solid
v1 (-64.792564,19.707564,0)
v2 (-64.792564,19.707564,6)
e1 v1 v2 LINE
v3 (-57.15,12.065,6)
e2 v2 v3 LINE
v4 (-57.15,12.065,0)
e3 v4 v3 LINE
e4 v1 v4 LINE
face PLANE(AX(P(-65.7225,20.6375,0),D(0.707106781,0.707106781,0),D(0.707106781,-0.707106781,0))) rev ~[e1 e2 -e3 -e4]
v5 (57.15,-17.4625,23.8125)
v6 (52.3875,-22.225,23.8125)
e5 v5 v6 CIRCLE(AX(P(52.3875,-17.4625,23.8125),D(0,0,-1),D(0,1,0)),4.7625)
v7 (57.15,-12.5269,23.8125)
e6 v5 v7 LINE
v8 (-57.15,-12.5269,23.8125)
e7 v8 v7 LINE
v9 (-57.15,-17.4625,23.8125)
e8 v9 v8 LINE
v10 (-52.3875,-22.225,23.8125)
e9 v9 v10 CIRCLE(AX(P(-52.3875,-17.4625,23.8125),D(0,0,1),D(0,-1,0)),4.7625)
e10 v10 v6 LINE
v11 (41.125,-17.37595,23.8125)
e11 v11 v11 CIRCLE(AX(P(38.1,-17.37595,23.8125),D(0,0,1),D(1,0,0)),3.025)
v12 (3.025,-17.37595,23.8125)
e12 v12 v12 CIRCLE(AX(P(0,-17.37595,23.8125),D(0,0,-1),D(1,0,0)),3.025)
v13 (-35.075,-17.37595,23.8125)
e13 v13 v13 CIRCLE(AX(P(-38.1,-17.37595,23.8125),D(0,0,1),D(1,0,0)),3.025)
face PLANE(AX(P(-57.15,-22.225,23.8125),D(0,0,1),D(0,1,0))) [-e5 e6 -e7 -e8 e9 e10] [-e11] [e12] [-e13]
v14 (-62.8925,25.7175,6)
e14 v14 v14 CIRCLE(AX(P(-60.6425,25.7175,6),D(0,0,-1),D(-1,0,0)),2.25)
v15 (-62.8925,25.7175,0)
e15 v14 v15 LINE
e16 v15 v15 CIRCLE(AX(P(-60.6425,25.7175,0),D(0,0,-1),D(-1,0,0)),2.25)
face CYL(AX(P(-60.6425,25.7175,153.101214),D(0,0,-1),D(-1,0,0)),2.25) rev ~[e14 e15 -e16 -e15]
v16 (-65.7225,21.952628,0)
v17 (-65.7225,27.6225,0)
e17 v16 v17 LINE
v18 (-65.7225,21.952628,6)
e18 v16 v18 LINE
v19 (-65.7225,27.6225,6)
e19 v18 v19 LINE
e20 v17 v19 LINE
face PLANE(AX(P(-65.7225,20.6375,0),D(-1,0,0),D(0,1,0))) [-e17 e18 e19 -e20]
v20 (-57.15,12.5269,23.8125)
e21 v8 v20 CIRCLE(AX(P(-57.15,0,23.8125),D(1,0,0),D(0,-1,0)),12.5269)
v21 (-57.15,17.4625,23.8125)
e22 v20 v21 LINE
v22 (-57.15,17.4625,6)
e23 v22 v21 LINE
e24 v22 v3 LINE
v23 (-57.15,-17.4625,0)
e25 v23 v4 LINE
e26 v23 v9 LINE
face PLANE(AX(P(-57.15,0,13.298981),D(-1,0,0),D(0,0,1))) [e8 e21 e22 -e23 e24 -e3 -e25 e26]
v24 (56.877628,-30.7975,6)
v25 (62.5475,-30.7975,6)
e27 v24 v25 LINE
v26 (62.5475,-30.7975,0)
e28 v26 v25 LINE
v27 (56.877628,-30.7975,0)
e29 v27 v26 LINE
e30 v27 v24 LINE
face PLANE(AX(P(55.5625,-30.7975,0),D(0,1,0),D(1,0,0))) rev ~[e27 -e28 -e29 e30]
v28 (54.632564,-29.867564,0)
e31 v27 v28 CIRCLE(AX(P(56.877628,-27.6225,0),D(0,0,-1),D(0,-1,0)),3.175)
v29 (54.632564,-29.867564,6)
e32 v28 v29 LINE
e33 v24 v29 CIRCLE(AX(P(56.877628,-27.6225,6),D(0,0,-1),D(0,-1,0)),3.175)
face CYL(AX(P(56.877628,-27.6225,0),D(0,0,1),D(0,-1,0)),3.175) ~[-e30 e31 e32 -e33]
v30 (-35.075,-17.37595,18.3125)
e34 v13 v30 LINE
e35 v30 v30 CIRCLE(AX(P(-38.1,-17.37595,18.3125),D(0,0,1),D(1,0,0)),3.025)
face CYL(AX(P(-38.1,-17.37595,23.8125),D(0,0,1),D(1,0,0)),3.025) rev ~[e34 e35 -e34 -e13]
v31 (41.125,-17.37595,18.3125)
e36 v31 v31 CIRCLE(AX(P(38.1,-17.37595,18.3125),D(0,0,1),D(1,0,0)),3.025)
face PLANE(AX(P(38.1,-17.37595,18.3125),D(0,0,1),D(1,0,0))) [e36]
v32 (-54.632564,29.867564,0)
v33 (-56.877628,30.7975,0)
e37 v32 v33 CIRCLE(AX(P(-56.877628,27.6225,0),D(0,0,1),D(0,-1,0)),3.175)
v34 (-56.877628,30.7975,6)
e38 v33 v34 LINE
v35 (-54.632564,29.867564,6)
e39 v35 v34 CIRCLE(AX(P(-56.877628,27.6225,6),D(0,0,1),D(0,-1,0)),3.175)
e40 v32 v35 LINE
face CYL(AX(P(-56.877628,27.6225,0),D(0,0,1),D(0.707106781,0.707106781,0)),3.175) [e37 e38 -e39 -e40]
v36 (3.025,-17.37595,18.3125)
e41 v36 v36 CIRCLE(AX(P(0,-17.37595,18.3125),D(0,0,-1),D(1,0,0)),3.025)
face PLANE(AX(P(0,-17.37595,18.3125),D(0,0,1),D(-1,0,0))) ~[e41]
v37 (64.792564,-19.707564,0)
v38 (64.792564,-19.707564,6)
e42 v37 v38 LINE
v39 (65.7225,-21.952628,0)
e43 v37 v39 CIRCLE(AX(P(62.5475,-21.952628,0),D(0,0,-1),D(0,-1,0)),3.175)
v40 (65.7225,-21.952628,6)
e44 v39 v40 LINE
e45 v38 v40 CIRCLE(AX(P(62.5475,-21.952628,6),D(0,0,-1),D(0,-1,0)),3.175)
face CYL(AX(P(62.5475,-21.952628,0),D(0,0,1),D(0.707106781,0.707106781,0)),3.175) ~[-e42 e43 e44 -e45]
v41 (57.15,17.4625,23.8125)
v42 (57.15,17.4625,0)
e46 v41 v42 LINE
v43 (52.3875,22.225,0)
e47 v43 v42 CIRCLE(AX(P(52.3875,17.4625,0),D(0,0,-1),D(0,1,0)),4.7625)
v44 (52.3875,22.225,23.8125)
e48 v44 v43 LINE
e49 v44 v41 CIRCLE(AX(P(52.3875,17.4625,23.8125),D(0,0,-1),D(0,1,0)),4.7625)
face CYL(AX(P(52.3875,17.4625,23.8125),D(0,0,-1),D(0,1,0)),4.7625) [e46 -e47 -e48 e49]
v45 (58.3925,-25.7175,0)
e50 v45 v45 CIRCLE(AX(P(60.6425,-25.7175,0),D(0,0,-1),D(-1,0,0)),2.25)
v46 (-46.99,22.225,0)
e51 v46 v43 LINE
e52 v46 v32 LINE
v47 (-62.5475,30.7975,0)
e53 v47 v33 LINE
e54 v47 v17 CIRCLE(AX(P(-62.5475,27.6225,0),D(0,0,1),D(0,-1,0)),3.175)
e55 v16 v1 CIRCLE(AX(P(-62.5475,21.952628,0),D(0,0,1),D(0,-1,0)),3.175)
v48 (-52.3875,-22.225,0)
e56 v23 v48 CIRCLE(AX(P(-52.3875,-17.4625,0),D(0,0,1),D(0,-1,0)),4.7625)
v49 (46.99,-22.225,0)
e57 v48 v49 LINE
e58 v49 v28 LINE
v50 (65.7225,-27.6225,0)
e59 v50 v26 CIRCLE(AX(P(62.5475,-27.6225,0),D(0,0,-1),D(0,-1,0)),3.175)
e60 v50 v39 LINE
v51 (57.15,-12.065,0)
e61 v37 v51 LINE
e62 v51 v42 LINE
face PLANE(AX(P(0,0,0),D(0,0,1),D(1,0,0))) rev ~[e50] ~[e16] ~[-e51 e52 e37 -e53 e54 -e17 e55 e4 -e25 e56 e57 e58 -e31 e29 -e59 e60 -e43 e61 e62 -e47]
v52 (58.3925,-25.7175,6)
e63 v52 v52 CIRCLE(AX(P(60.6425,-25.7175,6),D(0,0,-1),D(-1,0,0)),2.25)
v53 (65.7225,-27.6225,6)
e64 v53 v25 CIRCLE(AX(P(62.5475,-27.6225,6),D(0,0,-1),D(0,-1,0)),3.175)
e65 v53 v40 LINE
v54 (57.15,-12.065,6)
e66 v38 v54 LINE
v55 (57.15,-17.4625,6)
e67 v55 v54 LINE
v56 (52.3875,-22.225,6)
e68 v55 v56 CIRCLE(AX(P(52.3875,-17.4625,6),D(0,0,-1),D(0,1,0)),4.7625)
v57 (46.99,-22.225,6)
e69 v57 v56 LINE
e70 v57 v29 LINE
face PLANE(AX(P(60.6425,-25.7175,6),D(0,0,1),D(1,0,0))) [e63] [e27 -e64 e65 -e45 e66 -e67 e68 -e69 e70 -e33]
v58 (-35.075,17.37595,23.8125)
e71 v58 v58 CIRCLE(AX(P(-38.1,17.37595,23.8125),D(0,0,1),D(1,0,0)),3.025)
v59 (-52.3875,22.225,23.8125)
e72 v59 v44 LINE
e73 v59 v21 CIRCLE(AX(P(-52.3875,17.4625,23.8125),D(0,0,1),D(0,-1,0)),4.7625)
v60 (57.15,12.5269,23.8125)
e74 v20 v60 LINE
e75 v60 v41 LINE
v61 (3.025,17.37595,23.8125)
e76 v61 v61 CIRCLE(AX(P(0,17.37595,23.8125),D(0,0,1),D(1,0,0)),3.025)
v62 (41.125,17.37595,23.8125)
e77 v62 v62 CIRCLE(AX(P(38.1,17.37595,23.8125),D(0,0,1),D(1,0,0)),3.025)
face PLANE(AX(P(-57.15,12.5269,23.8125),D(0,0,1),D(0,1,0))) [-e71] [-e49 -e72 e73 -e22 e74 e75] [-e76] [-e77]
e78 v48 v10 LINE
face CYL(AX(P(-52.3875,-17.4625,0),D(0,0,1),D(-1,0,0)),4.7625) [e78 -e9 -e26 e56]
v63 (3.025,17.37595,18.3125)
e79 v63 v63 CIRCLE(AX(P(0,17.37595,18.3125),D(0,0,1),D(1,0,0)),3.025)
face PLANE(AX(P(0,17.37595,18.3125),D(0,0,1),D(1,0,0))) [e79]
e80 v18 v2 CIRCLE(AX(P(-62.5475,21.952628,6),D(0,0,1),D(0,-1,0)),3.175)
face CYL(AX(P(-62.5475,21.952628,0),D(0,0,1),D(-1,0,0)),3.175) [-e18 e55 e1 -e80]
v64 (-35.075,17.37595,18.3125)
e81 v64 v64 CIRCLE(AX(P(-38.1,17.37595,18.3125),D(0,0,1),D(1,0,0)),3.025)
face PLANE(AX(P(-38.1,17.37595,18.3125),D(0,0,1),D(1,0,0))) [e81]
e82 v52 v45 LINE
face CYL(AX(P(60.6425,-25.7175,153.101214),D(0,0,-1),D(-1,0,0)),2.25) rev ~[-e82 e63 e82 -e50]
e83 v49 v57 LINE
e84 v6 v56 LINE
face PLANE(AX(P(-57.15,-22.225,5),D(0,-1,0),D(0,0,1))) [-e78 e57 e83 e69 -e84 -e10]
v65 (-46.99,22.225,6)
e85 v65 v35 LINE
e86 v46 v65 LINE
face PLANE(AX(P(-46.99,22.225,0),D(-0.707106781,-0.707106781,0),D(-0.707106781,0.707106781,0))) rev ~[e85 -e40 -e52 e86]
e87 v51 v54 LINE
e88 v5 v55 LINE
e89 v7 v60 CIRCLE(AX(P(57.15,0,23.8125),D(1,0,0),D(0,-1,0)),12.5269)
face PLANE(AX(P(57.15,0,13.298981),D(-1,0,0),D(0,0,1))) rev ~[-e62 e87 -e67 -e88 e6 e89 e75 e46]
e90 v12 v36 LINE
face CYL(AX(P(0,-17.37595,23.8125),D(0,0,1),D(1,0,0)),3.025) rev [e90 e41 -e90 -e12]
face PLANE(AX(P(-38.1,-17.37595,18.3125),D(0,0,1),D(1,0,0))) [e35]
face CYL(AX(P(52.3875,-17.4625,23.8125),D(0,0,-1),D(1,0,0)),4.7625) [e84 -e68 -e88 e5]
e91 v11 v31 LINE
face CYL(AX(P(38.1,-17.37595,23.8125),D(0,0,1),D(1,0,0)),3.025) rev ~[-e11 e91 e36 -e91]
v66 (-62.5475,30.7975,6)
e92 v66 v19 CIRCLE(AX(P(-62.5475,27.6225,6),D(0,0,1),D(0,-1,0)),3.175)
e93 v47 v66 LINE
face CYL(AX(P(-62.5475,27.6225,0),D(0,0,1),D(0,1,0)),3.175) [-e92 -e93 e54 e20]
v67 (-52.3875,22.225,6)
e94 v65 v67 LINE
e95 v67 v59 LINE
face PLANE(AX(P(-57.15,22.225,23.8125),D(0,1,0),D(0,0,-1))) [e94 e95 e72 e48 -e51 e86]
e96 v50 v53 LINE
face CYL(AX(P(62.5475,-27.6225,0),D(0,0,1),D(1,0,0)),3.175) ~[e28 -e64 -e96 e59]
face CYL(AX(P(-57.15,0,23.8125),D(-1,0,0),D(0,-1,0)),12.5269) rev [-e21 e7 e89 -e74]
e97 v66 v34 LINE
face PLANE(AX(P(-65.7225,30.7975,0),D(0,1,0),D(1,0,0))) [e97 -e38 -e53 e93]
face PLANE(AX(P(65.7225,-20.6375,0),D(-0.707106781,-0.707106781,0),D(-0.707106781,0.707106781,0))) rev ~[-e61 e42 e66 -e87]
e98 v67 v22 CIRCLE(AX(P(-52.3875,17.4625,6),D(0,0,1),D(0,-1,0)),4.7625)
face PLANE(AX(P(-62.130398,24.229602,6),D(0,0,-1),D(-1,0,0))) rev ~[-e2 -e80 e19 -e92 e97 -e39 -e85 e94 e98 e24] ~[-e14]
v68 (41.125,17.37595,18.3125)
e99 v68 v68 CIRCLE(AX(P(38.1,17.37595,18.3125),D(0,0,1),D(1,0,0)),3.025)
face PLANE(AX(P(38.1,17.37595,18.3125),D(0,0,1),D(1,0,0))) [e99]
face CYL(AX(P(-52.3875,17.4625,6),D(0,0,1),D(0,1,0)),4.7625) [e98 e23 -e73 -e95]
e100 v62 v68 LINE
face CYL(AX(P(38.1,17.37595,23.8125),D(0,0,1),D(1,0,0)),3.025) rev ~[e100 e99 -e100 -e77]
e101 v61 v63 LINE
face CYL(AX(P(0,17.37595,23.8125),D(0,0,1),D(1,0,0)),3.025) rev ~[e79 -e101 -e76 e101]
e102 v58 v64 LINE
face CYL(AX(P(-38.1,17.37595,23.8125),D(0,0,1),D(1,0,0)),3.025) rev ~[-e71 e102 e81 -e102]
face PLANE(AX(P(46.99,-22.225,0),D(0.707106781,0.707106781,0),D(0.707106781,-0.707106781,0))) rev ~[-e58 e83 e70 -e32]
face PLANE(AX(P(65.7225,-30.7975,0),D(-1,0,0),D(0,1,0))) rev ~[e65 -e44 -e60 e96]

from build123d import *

# Parameters (mm, degrees)
SKETCH1_W               = 114.3
SKETCH1_H               = 44.45
BOSS_EXTRUDE1_DEPTH     = 5
BOSS_EXTRUDE2_DEPTH     = 114.3
SKETCH3_R               = 3.025
CUT_EXTRUDE1_DEPTH      = 5.5
LPATTERN1_COUNT         = 2
LPATTERN1_PITCH         = 38.1
LPATTERN1_COL_COUNT     = 2
LPATTERN1_COL_PITCH     = 38.1
MIRROR1_COPY_1_SKETCH_R = 3.025
MIRROR1_COPY_1_DEPTH    = 5.5
MIRROR1_COPY_2_SKETCH_R = 3.025
MIRROR1_COPY_2_DEPTH    = 5.5
SKETCH4_W               = 10.16
SKETCH4_H               = 10.16
BOSS_EXTRUDE3_DEPTH     = 6
M4_CLEARANCE_HOLE1_D    = 4.5
FILLET3_R               = 3.175
FILLET4_R               = 4.7625


with BuildPart() as part:
    # Sketch1 → Boss-Extrude1 (new body)
    with BuildSketch(Plane.XY):
        Rectangle(SKETCH1_W, SKETCH1_H)
    extrude(amount=BOSS_EXTRUDE1_DEPTH)

    # Sketch2 → Boss-Extrude2 (add)
    with BuildSketch(Plane.ZY.offset(57.15)):
        with BuildLine():
            Line((23.8125, 22.225), (5, 22.225))
            Line((5, 22.225), (5, -22.225))
            Line((5, -22.225), (23.8125, -22.225))
            Line((23.8125, -22.225), (23.8125, -12.5269))
            ThreePointArc((23.8125, -12.5269), (11.2856, 0), (23.8125, 12.5269))
            Line((23.8125, 12.5269), (23.8125, 22.225))
        make_face()
    extrude(amount=-BOSS_EXTRUDE2_DEPTH)

    # Sketch3 → Cut-Extrude1 (cut)
    with BuildSketch(Plane.XY.offset(23.8125)):
        with Locations((0, 17.37595)):
            Circle(SKETCH3_R)
    cut_extrude1 = extrude(amount=-CUT_EXTRUDE1_DEPTH, mode=Mode.SUBTRACT)

    # LPattern1: Cut-Extrude1 ×2
    with Locations(*[(i * LPATTERN1_PITCH, 0, 0) for i in range(1, LPATTERN1_COUNT)]):
        add(cut_extrude1, mode=Mode.SUBTRACT)

    # LPattern1 col: Cut-Extrude1 ×2
    with Locations(*[(-i * LPATTERN1_COL_PITCH, 0, 0) for i in range(1, LPATTERN1_COL_COUNT)]):
        add(cut_extrude1, mode=Mode.SUBTRACT)

    # Mirror1: Cut-Extrude1 across plane
    add(cut_extrude1.mirror(Plane.ZX), mode=Mode.SUBTRACT)

    # Mirror1 copy 1 sketch → Mirror1 copy 1 (cut)
    with BuildSketch(Plane(origin=(38.1, 0, 23.8125), x_dir=(1, 0, 0), z_dir=(0, 0, 1))):
        with Locations((0, -17.37595)):
            Circle(MIRROR1_COPY_1_SKETCH_R)
    extrude(amount=-MIRROR1_COPY_1_DEPTH, mode=Mode.SUBTRACT)

    # Mirror1 copy 2 sketch → Mirror1 copy 2 (cut)
    with BuildSketch(Plane(origin=(-38.1, 0, 23.8125), x_dir=(1, 0, 0), z_dir=(0, 0, 1))):
        with Locations((0, -17.37595)):
            Circle(MIRROR1_COPY_2_SKETCH_R)
    extrude(amount=-MIRROR1_COPY_2_DEPTH, mode=Mode.SUBTRACT)

    # Sketch4 → Boss-Extrude3 (add)
    with BuildSketch(Plane.XY):
        Polygon((-65.7225, 30.7975), (-55.5625, 20.6375), (-65.7225, 20.6375), align=None)
        Polygon((-65.7225, 30.7975), (-55.5625, 30.7975), (-55.5625, 20.6375), align=None)
        with Locations((60.6425, -25.7175)):
            Rectangle(SKETCH4_W, SKETCH4_H)
        Polygon((-55.5625, 30.7975), (-60.6425, 25.7175), (-57.15, 22.225), (-55.5625, 22.225), align=None)
        Polygon((-46.99, 22.225), (-55.5625, 30.7975), (-55.5625, 22.225), align=None)
        Polygon((-60.6425, 25.7175), (-65.7225, 20.6375), (-57.15, 20.6375), (-57.15, 22.225), align=None)
        Polygon((-57.15, 20.6375), (-65.7225, 20.6375), (-57.15, 12.065), align=None)
        Polygon((57.15, -20.6375), (65.7225, -20.6375), (57.15, -12.065), align=None)
        Polygon((46.99, -22.225), (55.5625, -30.7975), (55.5625, -22.225), align=None)
    extrude(amount=BOSS_EXTRUDE3_DEPTH)

    # M4 Clearance Hole1 (through all)
    with Locations(Plane.XY.offset(6)):
        with Locations((-60.6425, 25.7175), (60.6425, -25.7175)):
            Hole(M4_CLEARANCE_HOLE1_D / 2)

    # Fillet3
    fillet3_edges = [part.edges().sort_by_distance(p)[0] for p in [
        (-55.5625, 30.7975, 3),
        (-65.7225, 30.7975, 3),
        (-65.7225, 20.6375, 3),
        (55.5625, -30.7975, 3),
        (65.7225, -30.7975, 3),
        (65.7225, -20.6375, 3),
    ]]
    fillet(fillet3_edges, radius=FILLET3_R)

    # Fillet4
    fillet4_edges = [part.edges().sort_by_distance(p)[0] for p in [
        (57.15, -22.225, 14.90625),
        (-57.15, -22.225, 11.90625),
        (-57.15, 22.225, 14.90625),
        (57.15, 22.225, 11.90625),
    ]]
    fillet(fillet4_edges, radius=FILLET4_R)


solid = part.part
